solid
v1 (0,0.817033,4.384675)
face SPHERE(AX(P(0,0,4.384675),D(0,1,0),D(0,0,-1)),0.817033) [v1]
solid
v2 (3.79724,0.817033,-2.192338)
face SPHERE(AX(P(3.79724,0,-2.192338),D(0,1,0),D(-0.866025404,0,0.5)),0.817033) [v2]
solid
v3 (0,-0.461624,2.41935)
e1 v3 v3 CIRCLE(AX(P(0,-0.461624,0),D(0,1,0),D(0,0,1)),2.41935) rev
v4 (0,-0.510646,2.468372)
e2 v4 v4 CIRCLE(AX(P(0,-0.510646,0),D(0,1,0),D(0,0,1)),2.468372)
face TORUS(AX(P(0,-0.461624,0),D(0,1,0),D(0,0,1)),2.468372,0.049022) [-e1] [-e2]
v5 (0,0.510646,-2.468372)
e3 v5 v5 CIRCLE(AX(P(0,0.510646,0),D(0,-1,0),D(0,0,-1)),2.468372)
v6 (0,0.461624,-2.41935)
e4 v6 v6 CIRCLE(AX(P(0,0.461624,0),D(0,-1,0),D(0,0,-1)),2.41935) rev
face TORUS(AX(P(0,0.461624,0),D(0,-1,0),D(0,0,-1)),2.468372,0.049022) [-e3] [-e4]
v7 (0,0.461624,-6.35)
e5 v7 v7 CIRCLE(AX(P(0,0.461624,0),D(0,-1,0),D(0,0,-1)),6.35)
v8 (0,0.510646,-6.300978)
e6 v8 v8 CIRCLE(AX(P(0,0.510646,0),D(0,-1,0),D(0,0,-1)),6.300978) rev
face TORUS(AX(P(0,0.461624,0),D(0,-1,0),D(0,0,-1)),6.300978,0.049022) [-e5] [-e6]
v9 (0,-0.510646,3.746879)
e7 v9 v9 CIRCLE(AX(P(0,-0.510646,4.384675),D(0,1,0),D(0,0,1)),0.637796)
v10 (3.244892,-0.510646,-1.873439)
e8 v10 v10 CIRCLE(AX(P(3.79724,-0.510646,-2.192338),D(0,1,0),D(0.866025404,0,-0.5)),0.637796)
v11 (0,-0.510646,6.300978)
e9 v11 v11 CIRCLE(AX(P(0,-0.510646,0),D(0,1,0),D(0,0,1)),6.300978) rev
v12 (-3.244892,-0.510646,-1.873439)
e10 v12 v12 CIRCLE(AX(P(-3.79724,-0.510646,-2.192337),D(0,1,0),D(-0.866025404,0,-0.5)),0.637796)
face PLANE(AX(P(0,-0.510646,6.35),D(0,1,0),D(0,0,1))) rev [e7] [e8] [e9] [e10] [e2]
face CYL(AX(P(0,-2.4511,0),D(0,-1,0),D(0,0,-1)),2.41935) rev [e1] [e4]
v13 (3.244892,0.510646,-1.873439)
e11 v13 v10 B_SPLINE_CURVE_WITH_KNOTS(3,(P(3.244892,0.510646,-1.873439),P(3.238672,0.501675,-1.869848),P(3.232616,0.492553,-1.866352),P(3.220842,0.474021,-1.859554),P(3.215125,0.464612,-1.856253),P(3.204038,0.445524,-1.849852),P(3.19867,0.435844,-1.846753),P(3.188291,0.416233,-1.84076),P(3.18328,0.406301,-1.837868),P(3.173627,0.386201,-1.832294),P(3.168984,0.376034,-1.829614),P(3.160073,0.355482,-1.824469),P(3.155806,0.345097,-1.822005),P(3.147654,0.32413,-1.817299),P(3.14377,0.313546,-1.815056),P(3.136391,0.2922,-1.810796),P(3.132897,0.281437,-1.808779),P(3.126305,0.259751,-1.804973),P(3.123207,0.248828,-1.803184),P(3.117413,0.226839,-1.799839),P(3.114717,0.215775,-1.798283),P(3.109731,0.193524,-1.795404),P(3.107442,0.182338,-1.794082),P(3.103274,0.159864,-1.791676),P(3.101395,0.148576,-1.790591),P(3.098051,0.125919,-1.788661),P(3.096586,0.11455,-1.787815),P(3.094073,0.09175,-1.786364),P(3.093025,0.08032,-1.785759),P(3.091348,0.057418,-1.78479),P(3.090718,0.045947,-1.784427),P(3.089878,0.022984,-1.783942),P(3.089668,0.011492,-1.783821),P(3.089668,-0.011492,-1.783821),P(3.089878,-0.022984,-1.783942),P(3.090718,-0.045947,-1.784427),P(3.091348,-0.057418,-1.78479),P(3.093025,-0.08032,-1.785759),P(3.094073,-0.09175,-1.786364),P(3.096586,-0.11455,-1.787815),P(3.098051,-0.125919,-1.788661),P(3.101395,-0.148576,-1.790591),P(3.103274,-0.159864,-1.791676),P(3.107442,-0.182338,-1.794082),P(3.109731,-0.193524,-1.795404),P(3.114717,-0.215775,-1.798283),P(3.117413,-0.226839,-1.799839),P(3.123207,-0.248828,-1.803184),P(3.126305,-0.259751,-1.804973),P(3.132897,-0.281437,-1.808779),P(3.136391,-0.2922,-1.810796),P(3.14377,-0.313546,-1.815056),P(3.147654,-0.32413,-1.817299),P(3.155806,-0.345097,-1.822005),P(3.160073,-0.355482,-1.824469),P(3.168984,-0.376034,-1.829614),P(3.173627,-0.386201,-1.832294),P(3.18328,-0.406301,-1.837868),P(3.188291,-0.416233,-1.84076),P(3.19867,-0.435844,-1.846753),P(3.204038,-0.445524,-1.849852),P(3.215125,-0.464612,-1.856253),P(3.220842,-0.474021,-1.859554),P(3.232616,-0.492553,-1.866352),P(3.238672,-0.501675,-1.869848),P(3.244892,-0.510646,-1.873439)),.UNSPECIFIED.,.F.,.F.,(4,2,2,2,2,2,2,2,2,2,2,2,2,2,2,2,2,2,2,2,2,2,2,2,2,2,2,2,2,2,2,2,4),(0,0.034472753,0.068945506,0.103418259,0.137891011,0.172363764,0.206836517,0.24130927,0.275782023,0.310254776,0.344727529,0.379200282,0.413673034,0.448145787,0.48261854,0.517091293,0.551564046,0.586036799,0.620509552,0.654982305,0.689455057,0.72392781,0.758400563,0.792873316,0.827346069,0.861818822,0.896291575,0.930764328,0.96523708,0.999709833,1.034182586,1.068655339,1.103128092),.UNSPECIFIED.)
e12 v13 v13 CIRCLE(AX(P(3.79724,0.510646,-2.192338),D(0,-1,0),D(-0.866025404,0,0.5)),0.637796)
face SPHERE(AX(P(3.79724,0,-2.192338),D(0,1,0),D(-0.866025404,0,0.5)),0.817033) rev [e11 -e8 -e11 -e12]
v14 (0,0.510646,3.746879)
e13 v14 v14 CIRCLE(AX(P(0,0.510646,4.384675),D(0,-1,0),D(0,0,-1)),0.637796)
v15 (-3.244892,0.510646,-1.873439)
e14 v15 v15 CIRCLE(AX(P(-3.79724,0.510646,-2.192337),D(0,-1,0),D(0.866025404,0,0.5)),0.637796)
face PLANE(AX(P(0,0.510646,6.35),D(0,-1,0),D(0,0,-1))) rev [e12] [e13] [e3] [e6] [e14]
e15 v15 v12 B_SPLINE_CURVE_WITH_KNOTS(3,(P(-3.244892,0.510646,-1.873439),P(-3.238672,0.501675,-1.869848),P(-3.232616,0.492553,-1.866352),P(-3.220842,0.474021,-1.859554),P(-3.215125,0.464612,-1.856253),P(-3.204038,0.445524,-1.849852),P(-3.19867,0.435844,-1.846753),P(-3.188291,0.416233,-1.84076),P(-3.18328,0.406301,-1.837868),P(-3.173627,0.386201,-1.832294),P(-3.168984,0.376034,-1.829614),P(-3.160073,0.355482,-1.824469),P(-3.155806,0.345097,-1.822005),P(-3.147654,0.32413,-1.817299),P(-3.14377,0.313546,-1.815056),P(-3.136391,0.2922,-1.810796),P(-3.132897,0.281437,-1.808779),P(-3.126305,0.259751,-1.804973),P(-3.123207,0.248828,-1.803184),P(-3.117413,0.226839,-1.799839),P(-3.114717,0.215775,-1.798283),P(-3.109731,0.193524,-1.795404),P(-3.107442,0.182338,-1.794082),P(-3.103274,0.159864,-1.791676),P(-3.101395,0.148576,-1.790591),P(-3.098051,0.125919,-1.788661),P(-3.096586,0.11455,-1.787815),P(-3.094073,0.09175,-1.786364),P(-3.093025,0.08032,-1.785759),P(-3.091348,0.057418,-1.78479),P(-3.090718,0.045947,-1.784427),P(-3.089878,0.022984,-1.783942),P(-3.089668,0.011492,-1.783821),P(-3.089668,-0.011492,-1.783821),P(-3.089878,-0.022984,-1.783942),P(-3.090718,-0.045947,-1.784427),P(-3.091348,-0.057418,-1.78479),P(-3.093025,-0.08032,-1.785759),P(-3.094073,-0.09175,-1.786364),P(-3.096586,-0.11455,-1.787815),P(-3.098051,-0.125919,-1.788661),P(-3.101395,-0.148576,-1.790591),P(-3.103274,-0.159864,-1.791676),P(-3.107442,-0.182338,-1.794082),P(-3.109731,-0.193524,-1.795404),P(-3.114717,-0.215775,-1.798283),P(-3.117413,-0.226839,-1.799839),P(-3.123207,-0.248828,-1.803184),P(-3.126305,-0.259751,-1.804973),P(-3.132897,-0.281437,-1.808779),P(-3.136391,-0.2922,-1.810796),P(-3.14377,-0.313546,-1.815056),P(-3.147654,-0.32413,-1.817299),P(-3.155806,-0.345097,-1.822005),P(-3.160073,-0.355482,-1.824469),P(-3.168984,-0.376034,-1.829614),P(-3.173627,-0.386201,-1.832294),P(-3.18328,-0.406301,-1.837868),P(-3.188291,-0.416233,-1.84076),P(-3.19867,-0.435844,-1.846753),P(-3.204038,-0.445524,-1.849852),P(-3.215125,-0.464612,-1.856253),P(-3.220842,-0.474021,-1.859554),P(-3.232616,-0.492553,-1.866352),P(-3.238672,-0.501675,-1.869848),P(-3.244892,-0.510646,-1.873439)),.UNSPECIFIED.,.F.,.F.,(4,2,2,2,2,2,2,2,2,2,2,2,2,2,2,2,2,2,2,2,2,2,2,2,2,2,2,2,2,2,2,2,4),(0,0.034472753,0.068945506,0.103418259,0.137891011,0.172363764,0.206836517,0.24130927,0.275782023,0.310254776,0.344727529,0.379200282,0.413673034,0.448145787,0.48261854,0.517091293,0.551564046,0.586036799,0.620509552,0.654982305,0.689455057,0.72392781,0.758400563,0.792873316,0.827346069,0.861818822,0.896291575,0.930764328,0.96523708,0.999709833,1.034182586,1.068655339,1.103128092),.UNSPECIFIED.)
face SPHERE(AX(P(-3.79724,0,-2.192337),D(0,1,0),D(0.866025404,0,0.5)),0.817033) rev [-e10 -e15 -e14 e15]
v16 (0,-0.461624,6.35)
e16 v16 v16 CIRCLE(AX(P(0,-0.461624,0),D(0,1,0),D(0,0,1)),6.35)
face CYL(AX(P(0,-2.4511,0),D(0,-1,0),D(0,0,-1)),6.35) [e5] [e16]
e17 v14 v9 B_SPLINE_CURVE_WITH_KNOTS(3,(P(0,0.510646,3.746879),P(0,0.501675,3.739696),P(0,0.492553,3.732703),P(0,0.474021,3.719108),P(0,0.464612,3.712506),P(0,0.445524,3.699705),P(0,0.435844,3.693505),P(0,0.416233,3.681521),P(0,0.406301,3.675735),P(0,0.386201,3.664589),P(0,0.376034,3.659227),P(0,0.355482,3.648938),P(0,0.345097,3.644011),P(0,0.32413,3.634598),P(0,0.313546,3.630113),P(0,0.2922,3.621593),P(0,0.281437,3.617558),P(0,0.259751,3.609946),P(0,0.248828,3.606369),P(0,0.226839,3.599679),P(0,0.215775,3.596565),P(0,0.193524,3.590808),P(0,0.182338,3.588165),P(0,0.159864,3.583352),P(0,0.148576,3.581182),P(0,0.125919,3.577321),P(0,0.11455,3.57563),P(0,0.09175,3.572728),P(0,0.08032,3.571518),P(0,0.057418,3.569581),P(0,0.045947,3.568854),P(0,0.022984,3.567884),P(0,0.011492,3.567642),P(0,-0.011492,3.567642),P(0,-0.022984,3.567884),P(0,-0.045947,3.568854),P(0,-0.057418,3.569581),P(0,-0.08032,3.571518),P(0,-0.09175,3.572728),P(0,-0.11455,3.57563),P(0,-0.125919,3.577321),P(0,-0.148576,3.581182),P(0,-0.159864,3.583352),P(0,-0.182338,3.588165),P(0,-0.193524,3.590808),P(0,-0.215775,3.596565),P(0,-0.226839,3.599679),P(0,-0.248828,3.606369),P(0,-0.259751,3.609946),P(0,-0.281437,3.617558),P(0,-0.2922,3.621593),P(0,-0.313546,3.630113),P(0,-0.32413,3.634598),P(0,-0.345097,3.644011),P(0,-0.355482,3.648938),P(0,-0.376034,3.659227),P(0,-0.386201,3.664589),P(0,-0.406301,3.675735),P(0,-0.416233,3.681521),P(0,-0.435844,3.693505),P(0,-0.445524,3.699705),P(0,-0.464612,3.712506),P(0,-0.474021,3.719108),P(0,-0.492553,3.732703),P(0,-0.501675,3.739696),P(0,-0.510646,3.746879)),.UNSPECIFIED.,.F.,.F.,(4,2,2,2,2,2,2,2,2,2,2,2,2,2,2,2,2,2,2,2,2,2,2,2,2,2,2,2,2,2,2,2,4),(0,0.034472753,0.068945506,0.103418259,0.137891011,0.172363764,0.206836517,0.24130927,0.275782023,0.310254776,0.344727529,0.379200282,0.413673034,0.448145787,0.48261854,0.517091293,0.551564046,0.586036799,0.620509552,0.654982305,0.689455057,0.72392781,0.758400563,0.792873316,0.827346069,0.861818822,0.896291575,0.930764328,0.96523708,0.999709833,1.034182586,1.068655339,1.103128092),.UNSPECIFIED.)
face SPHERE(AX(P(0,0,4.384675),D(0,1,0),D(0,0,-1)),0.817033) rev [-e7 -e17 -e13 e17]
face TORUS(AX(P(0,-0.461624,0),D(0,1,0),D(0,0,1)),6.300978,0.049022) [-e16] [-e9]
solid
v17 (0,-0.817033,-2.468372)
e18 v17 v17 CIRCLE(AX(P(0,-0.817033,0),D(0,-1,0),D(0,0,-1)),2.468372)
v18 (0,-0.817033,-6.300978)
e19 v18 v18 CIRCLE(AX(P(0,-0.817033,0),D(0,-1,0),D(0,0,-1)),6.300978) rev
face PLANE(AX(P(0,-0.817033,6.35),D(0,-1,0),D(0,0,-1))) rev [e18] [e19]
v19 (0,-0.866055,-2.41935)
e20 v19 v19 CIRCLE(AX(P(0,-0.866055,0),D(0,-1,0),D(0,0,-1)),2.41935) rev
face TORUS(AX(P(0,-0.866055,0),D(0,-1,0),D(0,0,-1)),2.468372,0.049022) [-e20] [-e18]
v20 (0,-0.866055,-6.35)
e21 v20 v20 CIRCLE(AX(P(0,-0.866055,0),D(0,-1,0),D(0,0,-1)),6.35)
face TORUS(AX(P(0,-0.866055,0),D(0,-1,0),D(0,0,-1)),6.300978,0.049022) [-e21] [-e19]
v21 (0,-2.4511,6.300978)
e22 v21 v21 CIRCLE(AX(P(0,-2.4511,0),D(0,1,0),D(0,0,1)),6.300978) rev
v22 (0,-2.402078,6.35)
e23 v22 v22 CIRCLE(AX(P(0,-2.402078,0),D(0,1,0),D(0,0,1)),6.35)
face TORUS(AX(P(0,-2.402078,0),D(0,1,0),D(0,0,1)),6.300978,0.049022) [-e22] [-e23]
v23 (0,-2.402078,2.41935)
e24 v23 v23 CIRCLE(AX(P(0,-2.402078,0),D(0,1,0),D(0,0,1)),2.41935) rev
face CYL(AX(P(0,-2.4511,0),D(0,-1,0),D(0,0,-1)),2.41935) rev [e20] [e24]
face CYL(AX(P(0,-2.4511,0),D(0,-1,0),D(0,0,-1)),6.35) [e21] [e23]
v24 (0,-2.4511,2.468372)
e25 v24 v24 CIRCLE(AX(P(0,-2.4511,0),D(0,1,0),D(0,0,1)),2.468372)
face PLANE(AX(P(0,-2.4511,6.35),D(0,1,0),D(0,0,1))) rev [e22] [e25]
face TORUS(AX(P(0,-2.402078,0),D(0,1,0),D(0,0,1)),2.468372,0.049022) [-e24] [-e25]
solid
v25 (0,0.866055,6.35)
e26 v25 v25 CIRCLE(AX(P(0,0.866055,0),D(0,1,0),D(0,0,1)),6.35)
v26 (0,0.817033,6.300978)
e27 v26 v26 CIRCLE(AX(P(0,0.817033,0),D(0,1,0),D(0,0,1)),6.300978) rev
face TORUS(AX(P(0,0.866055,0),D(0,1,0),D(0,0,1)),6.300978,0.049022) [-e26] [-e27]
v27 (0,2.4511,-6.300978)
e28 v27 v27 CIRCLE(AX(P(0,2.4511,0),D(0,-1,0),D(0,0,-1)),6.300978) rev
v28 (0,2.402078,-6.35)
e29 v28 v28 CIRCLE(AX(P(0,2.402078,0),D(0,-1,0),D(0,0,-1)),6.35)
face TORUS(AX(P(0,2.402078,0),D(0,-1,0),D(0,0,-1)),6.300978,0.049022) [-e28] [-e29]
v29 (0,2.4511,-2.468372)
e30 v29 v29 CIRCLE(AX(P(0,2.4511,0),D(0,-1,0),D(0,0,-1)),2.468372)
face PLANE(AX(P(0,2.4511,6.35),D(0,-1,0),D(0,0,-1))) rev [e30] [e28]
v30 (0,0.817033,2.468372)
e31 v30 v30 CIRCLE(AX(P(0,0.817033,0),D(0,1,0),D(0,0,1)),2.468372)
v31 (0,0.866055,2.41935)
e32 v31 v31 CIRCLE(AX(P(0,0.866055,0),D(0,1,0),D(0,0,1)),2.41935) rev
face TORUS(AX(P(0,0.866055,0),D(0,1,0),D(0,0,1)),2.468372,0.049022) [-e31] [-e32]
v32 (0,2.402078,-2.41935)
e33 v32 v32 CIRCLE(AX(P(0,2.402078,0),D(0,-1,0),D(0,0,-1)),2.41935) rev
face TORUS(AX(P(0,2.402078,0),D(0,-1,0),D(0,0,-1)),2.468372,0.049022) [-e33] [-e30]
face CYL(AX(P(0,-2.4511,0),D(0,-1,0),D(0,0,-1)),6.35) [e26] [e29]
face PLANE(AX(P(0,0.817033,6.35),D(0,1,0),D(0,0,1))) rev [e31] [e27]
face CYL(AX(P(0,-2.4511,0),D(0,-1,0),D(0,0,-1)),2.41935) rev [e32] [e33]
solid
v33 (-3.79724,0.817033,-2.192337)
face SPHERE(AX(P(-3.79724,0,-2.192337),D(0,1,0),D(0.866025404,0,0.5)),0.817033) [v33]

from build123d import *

# Parameters (mm, degrees)
SKETCH1_W         = 3.93065
SKETCH1_H         = 1.021291666
CIRPATTERN1_COUNT = 3
CIRPATTERN1_ANGLE = 240
CIRPATTERN2_COUNT = 3
SKETCH4_W         = 3.93065
SKETCH4_H         = 1.634066667
FILLET1_R         = 0.049022
FILLET2_R         = 0.049022
FILLET3_R         = 0.049022


with BuildPart() as part:
    # Sketch1 → Revolve1 (revolve)
    with BuildSketch(Plane(origin=(0, 0, 0), x_dir=(0, 0, -1), z_dir=(1, 0, 0)), mode=Mode.PRIVATE) as revolve1_sk:
        with Locations((-4.384675, 0)):
            Rectangle(SKETCH1_W, SKETCH1_H)
    revolve(revolve1_sk.sketch.rotate(Axis((0, -2.4511, 0), (0, 1, 0)), 180), axis=Axis((0, -2.4511, 0), (0, 1, 0)))

    # Sketch3 → Cut-Revolve1 (revolve, cut)
    with BuildSketch(Plane(origin=(0, 0, 0), x_dir=(0, 0, -1), z_dir=(1, 0, 0))):
        with BuildLine():
            Line((-4.384675, 0.817033333), (-4.384675, -0.817033333))
            ThreePointArc((-4.384675, -0.817033333), (-5.201708333, 0), (-4.384675, 0.817033333))
        make_face()
    cut_revolve1 = revolve(axis=Axis((0, 0.817033333, 4.384675), (0, -1, 0)), mode=Mode.SUBTRACT)

    # CirPattern2: Cut-Revolve1 ×3 about axis
    cirpattern2_axis = Axis((0, 0, 0), (0, 1, 0))
    for i in range(1, CIRPATTERN2_COUNT):
        add(cut_revolve1.rotate(cirpattern2_axis, i * 360 / CIRPATTERN2_COUNT), mode=Mode.SUBTRACT)

    # Fillet2
    fillet2_edges = [part.edges().sort_by_distance(p)[0] for p in [
        (0, 0.510645833, 6.35),
        (0, 0.510645833, 2.41935),
        (0, -0.510645833, 2.41935),
        (0, -0.510645833, 6.35),
    ]]
    fillet(fillet2_edges, radius=FILLET2_R)


with BuildPart() as body_2:
    # Sketch2 → Revolve2 (revolve)
    with BuildSketch(Plane(origin=(0, 0, 0), x_dir=(0, 0, -1), z_dir=(1, 0, 0))):
        with BuildLine():
            Line((-4.384675, 0.817033333), (-4.384675, -0.817033333))
            ThreePointArc((-4.384675, -0.817033333), (-5.201708333, 0), (-4.384675, 0.817033333))
        make_face()
    revolve(axis=Axis((0, 0.817033333, 4.384675), (0, -1, 0)))


with BuildPart() as cirpattern1_1:
    # CirPattern1: pattern copy
    add(body_2.part.rotate(Axis((0, 2.4511, 0), (0, -1, 0)), 1 * CIRPATTERN1_ANGLE / (CIRPATTERN1_COUNT - 1)))


with BuildPart() as cirpattern1_2:
    # CirPattern1: pattern copy
    add(body_2.part.rotate(Axis((0, 2.4511, 0), (0, -1, 0)), 2 * CIRPATTERN1_ANGLE / (CIRPATTERN1_COUNT - 1)))


with BuildPart() as body_5:
    # Sketch4 → Revolve3 (revolve)
    with BuildSketch(Plane(origin=(0, 0, 0), x_dir=(0, 0, -1), z_dir=(1, 0, 0)), mode=Mode.PRIVATE) as revolve3_sk:
        with Locations((-4.384675, 1.634066667)):
            Rectangle(SKETCH4_W, SKETCH4_H)
        with Locations((-4.384675, -1.634066667)):
            Rectangle(SKETCH4_W, SKETCH4_H)
    revolve(revolve3_sk.sketch.rotate(Axis((0, -2.4511, 0), (0, 1, 0)), 180), axis=Axis((0, -2.4511, 0), (0, 1, 0)))

    # Fillet1
    fillet1_edges = [body_5.edges().sort_by_distance(p)[0] for p in [
        (0, 0.817033333, 6.35),
        (0, 0.817033333, 2.41935),
        (0, 2.4511, 2.41935),
        (0, 2.4511, 6.35),
    ]]
    fillet(fillet1_edges, radius=FILLET1_R)

    # Fillet3
    fillet3_edges = [body_5.edges().sort_by_distance(p)[0] for p in [
        (0, -2.4511, 6.35),
        (0, -2.4511, 2.41935),
        (0, -0.817033333, 2.41935),
        (0, -0.817033333, 6.35),
    ]]
    fillet(fillet3_edges, radius=FILLET3_R)


solid = Compound([part.part, body_2.part, cirpattern1_1.part, cirpattern1_2.part, body_5.part])
